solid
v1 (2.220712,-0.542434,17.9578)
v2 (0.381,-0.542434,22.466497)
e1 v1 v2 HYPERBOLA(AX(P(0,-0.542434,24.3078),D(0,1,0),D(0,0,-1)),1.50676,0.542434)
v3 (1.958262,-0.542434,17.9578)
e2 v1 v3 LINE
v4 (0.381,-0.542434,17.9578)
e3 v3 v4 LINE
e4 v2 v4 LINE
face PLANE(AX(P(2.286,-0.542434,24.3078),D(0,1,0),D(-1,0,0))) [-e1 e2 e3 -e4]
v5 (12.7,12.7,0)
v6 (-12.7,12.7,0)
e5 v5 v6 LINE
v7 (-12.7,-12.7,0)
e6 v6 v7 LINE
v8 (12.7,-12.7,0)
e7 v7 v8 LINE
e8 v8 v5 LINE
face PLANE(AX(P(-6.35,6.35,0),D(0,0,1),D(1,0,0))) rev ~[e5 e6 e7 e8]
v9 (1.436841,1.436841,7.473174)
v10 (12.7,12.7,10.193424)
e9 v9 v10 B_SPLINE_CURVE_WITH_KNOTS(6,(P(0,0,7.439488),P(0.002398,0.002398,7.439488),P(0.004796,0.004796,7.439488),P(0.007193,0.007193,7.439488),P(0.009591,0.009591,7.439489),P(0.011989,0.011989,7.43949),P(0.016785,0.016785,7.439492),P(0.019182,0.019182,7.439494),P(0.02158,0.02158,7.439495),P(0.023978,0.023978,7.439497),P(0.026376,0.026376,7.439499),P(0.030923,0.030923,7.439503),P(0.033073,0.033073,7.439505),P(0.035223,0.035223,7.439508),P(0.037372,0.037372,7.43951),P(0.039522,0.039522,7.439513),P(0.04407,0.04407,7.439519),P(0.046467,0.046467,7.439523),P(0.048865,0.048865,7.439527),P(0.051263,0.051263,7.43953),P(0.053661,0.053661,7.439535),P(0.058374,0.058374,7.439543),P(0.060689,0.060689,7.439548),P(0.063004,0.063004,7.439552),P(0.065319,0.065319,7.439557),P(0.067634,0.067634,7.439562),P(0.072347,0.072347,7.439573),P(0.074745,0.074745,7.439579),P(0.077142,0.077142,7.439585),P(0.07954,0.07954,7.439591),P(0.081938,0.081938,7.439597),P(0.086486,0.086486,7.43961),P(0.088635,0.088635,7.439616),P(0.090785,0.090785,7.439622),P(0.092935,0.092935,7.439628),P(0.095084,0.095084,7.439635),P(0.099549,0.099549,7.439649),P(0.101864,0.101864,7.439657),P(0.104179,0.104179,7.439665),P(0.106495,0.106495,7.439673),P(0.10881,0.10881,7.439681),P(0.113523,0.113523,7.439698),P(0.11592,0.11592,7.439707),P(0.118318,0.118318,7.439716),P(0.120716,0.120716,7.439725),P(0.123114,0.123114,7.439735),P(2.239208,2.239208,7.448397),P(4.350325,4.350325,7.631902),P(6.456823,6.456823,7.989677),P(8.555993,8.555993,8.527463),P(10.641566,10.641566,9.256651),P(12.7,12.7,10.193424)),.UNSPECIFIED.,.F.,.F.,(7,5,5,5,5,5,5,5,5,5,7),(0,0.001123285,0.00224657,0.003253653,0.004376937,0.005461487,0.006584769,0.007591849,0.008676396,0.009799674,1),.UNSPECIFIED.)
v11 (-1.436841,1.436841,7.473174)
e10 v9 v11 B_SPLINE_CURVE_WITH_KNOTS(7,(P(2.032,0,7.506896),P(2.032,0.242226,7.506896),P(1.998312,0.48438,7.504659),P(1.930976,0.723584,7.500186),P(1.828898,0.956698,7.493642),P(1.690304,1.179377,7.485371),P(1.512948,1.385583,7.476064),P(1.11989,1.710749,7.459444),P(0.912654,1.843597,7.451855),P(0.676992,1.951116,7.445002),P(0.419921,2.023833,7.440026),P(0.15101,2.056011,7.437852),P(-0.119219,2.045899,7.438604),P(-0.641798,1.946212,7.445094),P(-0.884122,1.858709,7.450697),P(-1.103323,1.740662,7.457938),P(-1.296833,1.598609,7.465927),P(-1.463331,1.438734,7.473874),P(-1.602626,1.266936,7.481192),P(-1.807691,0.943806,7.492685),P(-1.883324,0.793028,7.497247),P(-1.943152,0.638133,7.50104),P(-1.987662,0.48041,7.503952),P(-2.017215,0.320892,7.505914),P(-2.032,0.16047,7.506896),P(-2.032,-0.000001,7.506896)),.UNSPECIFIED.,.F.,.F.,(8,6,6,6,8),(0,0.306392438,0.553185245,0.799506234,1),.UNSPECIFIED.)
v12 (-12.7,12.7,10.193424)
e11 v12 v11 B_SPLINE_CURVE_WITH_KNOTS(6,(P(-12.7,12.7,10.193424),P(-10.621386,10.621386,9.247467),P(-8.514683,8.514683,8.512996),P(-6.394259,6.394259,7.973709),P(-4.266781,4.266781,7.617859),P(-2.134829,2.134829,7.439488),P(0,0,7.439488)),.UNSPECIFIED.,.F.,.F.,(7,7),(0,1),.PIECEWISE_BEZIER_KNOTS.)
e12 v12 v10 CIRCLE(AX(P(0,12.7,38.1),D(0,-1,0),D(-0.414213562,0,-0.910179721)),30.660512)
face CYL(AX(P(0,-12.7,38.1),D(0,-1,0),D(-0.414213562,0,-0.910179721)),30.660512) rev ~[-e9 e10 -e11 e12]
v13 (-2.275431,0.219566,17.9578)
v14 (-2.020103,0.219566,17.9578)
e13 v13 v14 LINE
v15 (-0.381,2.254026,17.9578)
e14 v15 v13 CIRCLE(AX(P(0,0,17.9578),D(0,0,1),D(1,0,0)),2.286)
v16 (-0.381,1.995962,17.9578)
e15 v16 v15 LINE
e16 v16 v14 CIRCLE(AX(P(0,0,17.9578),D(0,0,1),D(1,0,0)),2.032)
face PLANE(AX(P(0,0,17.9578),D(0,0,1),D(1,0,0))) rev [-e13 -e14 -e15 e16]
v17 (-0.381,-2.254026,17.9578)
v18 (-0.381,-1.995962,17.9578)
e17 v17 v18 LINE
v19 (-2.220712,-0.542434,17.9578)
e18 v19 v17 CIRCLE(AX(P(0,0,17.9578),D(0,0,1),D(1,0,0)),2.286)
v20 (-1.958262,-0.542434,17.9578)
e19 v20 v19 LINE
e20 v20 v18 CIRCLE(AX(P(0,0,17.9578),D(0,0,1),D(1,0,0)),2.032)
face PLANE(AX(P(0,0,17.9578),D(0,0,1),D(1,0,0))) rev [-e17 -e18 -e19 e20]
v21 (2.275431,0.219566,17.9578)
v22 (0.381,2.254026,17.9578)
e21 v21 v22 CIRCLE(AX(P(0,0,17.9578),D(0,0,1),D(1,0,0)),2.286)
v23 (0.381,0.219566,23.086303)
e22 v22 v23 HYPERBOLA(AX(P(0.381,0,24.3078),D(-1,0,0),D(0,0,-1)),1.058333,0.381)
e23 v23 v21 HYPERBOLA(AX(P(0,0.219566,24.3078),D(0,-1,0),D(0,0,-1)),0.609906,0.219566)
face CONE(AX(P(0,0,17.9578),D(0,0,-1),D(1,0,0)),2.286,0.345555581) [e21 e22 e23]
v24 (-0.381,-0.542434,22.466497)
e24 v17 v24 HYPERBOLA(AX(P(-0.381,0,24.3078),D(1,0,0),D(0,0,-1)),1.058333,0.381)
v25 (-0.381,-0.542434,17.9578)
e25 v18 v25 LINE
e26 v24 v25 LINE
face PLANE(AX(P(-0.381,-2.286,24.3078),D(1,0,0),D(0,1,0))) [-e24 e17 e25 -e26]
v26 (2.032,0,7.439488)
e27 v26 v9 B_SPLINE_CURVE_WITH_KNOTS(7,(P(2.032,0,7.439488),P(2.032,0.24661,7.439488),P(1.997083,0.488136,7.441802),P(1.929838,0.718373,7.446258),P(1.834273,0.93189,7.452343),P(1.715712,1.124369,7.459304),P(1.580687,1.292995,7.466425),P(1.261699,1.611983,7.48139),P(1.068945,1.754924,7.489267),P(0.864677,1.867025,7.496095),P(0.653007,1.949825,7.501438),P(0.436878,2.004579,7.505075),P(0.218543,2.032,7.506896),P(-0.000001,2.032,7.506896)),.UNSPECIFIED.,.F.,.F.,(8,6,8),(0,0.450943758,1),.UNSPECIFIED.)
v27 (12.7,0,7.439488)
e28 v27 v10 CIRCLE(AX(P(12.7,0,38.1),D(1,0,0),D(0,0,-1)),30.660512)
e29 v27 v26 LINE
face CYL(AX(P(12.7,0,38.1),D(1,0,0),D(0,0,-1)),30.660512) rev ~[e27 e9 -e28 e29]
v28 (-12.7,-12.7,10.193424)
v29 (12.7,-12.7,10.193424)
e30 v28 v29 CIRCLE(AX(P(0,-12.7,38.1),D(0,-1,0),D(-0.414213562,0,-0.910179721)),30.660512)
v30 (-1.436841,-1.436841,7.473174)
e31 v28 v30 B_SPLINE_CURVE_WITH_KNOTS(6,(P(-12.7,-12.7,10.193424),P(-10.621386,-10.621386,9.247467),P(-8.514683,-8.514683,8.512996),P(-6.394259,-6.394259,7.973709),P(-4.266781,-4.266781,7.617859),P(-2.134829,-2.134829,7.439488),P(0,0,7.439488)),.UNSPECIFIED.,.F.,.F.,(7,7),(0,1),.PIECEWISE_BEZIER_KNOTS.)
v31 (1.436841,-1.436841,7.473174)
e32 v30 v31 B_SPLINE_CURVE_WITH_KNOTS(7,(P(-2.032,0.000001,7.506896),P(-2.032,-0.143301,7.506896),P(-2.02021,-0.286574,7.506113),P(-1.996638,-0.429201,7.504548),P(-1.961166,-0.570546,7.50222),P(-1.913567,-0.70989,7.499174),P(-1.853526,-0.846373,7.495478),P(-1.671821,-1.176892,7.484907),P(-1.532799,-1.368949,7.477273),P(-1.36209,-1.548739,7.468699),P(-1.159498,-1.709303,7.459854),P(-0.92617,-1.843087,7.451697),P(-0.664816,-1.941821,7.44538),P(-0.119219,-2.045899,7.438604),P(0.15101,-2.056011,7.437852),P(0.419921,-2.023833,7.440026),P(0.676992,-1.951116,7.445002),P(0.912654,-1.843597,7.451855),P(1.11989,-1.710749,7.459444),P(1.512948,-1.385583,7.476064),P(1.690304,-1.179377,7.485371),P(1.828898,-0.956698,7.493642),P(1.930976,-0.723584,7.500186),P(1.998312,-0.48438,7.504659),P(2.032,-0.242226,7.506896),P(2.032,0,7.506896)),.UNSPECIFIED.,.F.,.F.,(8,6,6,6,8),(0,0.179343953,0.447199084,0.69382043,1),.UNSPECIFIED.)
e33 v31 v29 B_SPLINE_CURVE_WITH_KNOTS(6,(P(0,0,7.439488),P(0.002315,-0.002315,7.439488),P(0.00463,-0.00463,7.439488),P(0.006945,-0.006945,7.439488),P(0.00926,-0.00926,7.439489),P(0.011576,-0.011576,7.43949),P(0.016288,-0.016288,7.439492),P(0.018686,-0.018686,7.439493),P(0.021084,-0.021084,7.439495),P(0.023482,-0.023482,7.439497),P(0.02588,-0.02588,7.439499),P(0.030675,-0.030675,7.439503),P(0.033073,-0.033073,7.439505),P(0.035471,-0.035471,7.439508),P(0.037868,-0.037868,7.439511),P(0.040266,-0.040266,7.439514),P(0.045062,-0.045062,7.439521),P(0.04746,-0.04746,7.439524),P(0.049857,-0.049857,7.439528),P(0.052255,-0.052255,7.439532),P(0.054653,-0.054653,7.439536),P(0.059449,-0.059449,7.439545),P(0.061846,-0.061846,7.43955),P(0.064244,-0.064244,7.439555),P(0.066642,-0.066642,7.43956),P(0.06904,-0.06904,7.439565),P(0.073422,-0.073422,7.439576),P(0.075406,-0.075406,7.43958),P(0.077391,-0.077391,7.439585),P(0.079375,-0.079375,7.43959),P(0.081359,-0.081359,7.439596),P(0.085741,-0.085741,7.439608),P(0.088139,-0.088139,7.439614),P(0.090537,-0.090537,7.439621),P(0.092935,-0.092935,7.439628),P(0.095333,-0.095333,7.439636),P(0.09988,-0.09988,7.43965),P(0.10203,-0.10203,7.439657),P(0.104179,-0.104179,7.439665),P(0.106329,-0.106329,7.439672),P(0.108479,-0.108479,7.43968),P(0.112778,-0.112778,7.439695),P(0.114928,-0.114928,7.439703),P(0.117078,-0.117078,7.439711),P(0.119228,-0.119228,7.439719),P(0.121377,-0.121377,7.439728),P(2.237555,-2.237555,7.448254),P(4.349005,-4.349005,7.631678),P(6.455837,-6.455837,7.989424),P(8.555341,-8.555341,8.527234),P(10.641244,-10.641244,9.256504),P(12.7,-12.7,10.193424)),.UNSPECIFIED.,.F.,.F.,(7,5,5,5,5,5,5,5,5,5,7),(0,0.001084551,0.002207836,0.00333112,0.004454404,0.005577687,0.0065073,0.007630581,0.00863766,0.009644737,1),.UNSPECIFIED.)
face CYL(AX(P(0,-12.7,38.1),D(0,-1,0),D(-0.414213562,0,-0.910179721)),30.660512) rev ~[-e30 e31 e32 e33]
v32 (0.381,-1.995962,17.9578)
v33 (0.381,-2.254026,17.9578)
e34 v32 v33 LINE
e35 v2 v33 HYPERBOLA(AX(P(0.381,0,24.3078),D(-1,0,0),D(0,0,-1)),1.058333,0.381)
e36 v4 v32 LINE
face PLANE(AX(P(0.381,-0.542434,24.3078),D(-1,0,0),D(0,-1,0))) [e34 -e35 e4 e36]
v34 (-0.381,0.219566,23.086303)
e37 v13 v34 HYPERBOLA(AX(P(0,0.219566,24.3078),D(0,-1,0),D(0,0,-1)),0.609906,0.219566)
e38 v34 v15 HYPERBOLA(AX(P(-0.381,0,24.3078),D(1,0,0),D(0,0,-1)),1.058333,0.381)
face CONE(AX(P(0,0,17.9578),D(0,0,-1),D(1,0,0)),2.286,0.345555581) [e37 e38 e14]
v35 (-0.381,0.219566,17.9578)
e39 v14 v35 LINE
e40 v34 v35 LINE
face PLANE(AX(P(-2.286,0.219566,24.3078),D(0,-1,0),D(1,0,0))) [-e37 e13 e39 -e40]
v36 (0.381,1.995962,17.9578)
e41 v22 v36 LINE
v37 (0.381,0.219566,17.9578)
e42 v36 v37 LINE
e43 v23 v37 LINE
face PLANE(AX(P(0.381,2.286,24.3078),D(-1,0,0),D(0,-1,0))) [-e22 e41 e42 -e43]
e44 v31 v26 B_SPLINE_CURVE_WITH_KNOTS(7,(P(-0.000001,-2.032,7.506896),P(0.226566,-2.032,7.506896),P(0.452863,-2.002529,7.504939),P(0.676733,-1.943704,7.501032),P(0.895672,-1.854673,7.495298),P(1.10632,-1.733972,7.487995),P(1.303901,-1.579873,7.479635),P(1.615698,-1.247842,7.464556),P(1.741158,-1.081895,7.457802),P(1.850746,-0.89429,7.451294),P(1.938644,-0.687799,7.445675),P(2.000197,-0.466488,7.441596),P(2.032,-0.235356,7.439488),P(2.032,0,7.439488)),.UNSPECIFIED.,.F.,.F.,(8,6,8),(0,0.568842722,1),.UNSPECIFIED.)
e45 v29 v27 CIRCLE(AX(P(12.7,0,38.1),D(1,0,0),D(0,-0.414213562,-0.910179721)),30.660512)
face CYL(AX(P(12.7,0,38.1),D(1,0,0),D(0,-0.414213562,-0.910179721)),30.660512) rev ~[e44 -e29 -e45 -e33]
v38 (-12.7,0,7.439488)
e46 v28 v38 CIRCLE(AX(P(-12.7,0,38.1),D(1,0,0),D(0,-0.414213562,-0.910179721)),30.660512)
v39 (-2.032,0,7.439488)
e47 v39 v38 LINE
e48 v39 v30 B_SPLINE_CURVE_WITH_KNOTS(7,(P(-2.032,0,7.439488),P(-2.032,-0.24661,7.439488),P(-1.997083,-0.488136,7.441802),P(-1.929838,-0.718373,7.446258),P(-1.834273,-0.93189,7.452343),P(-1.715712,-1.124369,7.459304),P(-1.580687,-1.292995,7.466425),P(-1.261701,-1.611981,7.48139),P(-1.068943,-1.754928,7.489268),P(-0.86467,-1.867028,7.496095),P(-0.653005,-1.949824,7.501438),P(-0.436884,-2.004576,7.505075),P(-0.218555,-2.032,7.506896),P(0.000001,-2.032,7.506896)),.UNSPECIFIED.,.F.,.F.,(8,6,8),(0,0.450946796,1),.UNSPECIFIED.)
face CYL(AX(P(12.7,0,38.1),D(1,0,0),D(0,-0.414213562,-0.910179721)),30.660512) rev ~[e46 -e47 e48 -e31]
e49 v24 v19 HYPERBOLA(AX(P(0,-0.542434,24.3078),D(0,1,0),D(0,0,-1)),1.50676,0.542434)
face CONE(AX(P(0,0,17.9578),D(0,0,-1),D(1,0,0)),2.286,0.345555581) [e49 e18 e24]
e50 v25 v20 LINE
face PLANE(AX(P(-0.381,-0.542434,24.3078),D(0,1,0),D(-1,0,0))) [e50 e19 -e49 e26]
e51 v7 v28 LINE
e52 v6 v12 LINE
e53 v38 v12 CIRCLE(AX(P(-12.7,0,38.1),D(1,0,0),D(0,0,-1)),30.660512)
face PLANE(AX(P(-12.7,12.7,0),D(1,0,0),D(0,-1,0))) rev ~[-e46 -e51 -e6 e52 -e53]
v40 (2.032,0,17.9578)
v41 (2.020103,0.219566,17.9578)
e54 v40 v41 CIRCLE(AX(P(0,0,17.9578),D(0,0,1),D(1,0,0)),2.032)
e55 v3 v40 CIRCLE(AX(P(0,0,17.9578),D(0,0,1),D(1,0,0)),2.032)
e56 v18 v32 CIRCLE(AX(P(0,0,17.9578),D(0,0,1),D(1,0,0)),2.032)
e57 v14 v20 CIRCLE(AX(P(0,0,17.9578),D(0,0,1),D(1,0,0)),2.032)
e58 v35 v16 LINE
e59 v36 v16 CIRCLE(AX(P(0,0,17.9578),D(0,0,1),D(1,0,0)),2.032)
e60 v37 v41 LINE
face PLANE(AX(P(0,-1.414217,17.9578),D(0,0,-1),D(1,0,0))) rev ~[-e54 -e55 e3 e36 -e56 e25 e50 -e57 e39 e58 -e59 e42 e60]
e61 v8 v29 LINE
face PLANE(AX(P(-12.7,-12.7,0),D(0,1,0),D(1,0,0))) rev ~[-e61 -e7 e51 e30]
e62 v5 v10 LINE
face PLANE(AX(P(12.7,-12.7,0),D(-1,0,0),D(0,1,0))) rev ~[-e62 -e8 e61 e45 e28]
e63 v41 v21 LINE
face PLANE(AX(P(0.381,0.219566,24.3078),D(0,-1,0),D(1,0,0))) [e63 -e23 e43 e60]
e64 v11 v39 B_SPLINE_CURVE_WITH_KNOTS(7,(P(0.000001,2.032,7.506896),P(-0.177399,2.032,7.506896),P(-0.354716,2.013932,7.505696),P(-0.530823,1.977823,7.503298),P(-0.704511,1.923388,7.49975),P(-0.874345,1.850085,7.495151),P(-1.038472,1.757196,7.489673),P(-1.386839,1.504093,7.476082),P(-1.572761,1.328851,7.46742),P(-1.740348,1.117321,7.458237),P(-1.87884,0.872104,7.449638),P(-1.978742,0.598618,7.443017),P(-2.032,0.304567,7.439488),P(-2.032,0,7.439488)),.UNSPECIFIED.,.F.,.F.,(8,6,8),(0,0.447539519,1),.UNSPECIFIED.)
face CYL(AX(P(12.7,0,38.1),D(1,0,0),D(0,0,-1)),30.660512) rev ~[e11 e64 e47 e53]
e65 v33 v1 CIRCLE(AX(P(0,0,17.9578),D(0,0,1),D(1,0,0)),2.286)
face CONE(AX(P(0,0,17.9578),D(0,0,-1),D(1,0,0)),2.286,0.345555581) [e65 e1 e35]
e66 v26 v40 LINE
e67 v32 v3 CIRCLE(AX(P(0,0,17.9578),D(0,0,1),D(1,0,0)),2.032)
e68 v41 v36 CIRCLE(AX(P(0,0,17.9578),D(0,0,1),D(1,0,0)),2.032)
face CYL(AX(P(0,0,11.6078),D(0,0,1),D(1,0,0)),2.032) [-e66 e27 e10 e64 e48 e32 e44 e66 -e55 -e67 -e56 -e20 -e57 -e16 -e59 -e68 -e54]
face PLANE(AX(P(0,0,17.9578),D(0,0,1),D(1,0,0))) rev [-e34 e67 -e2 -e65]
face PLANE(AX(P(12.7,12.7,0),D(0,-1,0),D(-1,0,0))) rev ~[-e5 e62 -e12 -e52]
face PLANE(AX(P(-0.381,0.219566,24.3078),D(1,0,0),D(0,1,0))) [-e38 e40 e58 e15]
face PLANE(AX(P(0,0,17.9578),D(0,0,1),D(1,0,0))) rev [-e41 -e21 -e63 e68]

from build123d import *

# Parameters (mm, degrees)
F0_W      = 12.7
F0_H      = 12.7
F1_DEPTH  = 12.7
F2_W      = 25.4
F2_H      = 25.4
F3_DEPTH  = 25.4
F5_DEPTH  = 25.4
F9_W      = 2.032
F9_H      = 12.7
F11_W     = 0.381
F11_H     = 0.5424337578
F11_H_2   = 0.2195662422
F13_DEPTH = 6.35


with BuildPart() as f1:
    # F0 (on Top) → F1 (new body)
    with BuildSketch(Plane.XY):
        with Locations((-6.35, 6.35)):
            Rectangle(F0_W, F0_H)
        with Locations((6.35, 6.35)):
            Rectangle(F0_W, F0_H)
        with Locations((-6.35, -6.35)):
            Rectangle(F0_W, F0_H)
        with Locations((6.35, -6.35)):
            Rectangle(F0_W, F0_H)
    extrude(amount=F1_DEPTH)

    # F2 (on face) → F3 (cut)
    with BuildSketch(Plane.XZ.offset(12.7)):
        with BuildLine():
            ThreePointArc((30.6605122425, 38.1), (-16.5933496542, 63.8823148345), (-12.7, 10.1934235175))
            Line((-12.7, 10.1934235175), (-12.7, 12.7))
            Line((-12.7, 12.7), (-12.7, 38.1))
            Line((-12.7, 38.1), (12.7, 38.1))
            Line((12.7, 38.1), (12.7, 12.7))
            Line((12.7, 12.7), (12.7, 10.1934235175))
            ThreePointArc((12.7, 10.1934235175), (25.7823148345, 21.5066503458), (30.6605122425, 38.1))
        make_face()
        with Locations((0, 25.4)):
            Rectangle(F2_W, F2_H)
        with BuildLine():
            Line((-12.7, 12.7), (-12.7, 10.1934235175))
            ThreePointArc((-12.7, 10.1934235175), (0, 7.4394877575), (12.7, 10.1934235175))
            Line((12.7, 10.1934235175), (12.7, 12.7))
            Line((12.7, 12.7), (-12.7, 12.7))
        make_face()
    extrude(amount=-F3_DEPTH, mode=Mode.SUBTRACT)

    # F4 (on face) → F5 (cut)
    with BuildSketch(Plane.YZ.offset(12.7)):
        Polygon((-12.7, 38.1), (-12.7, 10.1934235175), (0, 38.1), align=None)
        Polygon((12.7, 38.1), (0, 38.1), (12.7, 10.1934235175), align=None)
        with BuildLine():
            Line((12.7, 10.1934235175), (-12.7, 10.1934235175))
            ThreePointArc((-12.7, 10.1934235175), (-6.4975795911, 8.1358802828), (0, 7.4394877575))
            ThreePointArc((0, 7.4394877575), (6.4975795911, 8.1358802828), (12.7, 10.1934235175))
        make_face()
    extrude(amount=-F5_DEPTH, mode=Mode.SUBTRACT)

    # F9 (on offset) → F12 (revolve)
    with BuildSketch(Plane.XZ):
        Polygon((0, 17.9578), (2.032, 17.9578), (2.286, 17.9578), (0, 24.3078), align=None)
        with Locations((1.016, 11.6078)):
            Rectangle(F9_W, F9_H)
    revolve(axis=Axis((0, 0, 11.6078), (0, 0, 1)))

    # F11 (on offset) → F13 (cut)
    with BuildSketch(Plane(origin=(0, 0, 24.3078), x_dir=(1, 0, 0), z_dir=(0, 0, -1))):
        Polygon((0.381, 0.5424337578), (0.381, 2.286), (-0.381, 2.286), (-0.381, 0.5424337578), (0, 0.5424337578), align=None)
        Polygon((2.286, 0.5424337578), (0.381, 0.5424337578), (0.381, 0), (0.381, -0.2195662422), (2.286, -0.2195662422), align=None)
        with Locations((0.1905, 0.2712168789)):
            Rectangle(F11_W, F11_H)
        with Locations((-0.1905, 0.2712168789)):
            Rectangle(F11_W, F11_H)
        Polygon((-0.381, 0), (-0.381, 0.5424337578), (-2.286, 0.5424337578), (-2.286, -0.2195662422), (-0.381, -0.2195662422), align=None)
        with Locations((0.1905, -0.1097831211)):
            Rectangle(F11_W, F11_H_2)
        with Locations((-0.1905, -0.1097831211)):
            Rectangle(F11_W, F11_H_2)
        Polygon((0.381, -2.286), (0.381, -0.2195662422), (0, -0.2195662422), (-0.381, -0.2195662422), (-0.381, -2.286), align=None)
    extrude(amount=F13_DEPTH, mode=Mode.SUBTRACT)


solid = f1.part
